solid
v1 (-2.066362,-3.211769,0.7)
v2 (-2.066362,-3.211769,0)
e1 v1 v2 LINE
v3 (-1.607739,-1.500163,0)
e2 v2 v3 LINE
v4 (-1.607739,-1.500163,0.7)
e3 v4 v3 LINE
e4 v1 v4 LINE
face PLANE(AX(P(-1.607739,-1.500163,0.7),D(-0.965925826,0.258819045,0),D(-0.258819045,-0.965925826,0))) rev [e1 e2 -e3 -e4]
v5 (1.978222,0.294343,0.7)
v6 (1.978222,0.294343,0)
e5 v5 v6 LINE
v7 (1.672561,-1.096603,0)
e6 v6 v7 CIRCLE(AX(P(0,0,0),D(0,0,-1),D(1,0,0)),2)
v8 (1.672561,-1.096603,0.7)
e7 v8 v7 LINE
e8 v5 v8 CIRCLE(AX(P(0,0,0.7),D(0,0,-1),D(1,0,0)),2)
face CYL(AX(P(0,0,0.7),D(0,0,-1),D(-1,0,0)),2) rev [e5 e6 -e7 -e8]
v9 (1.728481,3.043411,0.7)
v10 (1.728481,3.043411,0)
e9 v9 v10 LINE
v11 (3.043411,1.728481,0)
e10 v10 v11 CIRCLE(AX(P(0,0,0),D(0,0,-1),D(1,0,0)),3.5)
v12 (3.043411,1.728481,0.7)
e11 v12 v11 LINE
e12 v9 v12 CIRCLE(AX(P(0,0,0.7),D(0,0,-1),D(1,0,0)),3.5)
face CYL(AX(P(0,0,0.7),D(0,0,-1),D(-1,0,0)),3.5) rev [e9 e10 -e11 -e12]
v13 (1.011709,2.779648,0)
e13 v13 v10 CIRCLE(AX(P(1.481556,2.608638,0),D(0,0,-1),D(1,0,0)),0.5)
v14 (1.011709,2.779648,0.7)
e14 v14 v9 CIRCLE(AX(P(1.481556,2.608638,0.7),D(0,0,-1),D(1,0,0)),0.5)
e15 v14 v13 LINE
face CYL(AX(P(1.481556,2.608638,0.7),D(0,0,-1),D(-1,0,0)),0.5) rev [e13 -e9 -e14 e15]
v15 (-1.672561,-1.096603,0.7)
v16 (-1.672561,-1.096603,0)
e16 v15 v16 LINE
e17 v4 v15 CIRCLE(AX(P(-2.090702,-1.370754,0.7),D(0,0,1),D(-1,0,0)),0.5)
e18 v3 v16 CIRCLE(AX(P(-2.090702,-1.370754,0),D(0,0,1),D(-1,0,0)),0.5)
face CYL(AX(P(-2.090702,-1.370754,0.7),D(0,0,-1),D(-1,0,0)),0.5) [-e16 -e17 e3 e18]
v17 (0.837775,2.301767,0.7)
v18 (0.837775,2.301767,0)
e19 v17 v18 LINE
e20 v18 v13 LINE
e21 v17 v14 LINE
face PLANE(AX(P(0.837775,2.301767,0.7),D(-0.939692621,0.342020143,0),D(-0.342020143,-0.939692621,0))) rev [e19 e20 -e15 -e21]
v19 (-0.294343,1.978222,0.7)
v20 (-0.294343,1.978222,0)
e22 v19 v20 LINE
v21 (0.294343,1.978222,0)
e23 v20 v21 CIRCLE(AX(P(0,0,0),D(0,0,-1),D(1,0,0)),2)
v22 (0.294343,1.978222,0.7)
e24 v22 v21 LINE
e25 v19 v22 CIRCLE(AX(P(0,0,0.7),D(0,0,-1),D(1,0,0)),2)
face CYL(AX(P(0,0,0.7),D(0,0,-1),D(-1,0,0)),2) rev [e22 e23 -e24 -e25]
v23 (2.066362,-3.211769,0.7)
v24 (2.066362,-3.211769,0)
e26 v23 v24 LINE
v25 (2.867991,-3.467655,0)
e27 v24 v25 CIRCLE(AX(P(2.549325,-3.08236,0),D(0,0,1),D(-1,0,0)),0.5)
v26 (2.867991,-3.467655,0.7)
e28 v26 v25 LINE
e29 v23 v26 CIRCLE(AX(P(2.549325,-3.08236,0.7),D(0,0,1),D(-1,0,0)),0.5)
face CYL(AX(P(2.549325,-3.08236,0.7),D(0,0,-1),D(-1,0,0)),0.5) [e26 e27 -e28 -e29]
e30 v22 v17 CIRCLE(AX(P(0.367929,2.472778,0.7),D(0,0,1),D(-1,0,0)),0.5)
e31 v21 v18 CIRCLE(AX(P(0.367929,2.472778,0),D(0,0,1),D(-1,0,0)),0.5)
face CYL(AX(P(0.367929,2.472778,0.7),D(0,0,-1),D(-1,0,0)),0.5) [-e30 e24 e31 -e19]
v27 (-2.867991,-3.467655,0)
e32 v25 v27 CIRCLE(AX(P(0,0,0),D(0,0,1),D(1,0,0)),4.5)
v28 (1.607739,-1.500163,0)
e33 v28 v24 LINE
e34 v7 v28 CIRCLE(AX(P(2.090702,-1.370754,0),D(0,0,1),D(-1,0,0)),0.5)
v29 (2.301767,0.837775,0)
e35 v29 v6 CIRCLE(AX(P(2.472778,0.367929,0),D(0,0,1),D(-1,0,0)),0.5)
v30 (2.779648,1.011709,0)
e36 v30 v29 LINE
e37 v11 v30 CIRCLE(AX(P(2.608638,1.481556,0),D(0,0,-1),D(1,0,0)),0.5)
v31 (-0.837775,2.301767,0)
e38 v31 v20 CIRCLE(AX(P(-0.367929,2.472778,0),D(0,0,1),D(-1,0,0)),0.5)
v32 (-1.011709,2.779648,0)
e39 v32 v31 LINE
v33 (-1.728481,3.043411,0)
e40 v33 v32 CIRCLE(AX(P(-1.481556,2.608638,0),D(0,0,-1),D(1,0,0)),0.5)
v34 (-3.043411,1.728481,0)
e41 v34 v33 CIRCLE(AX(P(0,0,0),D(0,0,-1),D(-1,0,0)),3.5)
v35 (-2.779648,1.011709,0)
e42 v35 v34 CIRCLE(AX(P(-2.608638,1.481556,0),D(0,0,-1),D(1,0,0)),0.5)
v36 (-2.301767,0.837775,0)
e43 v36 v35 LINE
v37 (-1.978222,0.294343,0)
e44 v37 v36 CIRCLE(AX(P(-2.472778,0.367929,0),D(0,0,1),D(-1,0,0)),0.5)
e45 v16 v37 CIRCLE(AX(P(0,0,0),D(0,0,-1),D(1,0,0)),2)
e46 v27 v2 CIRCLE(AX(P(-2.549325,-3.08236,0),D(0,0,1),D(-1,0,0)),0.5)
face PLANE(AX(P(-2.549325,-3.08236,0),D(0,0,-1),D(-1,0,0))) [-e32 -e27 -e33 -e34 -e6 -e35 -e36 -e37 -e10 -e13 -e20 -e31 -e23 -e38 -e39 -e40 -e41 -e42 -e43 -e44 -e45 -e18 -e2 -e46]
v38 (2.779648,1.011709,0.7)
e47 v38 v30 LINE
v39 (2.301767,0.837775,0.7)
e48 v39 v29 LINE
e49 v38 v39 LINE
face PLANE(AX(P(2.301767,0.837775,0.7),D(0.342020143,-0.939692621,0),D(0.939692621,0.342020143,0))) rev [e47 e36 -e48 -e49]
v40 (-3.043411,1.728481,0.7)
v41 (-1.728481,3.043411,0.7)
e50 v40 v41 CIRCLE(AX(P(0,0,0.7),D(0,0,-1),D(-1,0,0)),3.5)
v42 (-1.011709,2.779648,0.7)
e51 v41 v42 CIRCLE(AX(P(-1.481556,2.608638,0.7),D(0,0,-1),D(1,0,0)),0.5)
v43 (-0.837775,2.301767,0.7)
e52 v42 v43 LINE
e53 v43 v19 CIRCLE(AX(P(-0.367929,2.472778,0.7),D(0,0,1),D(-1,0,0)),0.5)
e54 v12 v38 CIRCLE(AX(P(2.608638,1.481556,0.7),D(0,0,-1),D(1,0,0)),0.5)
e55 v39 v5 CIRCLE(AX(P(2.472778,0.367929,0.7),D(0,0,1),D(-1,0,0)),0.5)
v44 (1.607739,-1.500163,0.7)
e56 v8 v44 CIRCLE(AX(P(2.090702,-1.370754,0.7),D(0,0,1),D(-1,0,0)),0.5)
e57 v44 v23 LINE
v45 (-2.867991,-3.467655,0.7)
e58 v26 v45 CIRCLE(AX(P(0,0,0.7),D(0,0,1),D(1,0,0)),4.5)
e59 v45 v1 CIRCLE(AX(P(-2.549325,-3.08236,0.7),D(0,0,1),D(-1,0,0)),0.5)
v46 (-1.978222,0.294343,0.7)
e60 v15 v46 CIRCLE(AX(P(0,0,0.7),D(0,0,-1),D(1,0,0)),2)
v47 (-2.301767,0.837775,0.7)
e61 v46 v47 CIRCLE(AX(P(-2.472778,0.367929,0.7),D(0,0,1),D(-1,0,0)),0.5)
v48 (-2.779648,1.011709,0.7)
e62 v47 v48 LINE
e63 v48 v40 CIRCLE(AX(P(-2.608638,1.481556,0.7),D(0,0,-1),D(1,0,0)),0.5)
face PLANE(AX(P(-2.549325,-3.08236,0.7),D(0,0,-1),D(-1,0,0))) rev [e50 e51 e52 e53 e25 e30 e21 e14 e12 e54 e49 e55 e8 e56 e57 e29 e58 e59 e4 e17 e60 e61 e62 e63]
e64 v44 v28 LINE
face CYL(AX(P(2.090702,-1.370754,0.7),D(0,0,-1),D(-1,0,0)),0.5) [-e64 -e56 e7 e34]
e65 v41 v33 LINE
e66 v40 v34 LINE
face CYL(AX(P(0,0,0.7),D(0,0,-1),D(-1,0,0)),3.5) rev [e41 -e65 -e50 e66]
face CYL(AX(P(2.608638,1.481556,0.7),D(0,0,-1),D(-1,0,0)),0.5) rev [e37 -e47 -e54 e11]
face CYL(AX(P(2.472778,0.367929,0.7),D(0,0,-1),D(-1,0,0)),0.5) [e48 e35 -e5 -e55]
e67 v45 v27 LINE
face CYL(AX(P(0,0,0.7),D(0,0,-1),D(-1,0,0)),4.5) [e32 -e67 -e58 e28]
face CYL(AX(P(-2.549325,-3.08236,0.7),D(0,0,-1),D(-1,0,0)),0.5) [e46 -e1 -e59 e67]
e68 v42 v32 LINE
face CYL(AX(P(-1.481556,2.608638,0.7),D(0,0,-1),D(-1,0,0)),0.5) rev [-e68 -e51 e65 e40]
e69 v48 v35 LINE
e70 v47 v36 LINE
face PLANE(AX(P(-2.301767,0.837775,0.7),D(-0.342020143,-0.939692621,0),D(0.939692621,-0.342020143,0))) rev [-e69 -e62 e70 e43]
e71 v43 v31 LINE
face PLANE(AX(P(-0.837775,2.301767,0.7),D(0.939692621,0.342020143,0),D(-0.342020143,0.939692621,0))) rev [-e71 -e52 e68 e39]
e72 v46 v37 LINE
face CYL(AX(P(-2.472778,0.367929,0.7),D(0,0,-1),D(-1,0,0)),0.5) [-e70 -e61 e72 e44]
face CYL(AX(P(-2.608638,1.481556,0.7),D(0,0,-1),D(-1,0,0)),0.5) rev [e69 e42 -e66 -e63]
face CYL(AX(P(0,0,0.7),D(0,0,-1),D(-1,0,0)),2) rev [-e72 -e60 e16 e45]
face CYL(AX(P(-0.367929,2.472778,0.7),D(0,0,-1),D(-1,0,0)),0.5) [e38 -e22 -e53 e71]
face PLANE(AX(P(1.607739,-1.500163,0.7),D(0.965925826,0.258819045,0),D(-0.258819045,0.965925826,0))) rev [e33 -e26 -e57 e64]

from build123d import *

# Parameters (mm, degrees)
BASE_EXTRUSION_DEPTH = 0.7


with BuildPart() as part:
    # Esquisse1 → Base-Extrusion (new body)
    with BuildSketch(Plane.XY):
        with BuildLine():
            Line((-1.607738908, -1.500163291), (-2.066362316, -3.21176915))
            ThreePointArc((-2.066362316, -3.21176915), (-2.397280052, -3.558681225), (-2.867990883, -3.467654581))
            ThreePointArc((-2.867990883, -3.467654581), (0, 4.5), (2.867990883, -3.467654581))
            ThreePointArc((2.867990883, -3.467654581), (2.397280052, -3.558681225), (2.066362316, -3.21176915))
            Line((2.066362316, -3.21176915), (1.607738908, -1.500163291))
            ThreePointArc((1.607738908, -1.500163291), (1.597029862, -1.291456879), (1.672561457, -1.096603015))
            ThreePointArc((1.672561457, -1.096603015), (1.953391295, -0.429258021), (1.978222006, 0.294342818))
            ThreePointArc((1.978222006, 0.294342818), (2.043156778, 0.623713644), (2.301767436, 0.837774833))
            Line((2.301767436, 0.837774833), (2.779648258, 1.011709228))
            ThreePointArc((2.779648258, 1.011709228), (3.07787576, 1.308882148), (3.043411217, 1.728481461))
            ThreePointArc((3.043411217, 1.728481461), (2.474873734, 2.474873734), (1.728481461, 3.043411217))
            ThreePointArc((1.728481461, 3.043411217), (1.308882148, 3.07787576), (1.011709228, 2.779648258))
            Line((1.011709228, 2.779648258), (0.837774833, 2.301767436))
            ThreePointArc((0.837774833, 2.301767436), (0.623713644, 2.043156778), (0.294342818, 1.978222006))
            ThreePointArc((0.294342818, 1.978222006), (0, 2), (-0.294342818, 1.978222006))
            ThreePointArc((-0.294342818, 1.978222006), (-0.623713644, 2.043156778), (-0.837774833, 2.301767436))
            Line((-0.837774833, 2.301767436), (-1.011709228, 2.779648258))
            ThreePointArc((-1.011709228, 2.779648258), (-1.308882148, 3.07787576), (-1.728481461, 3.043411217))
            ThreePointArc((-1.728481461, 3.043411217), (-2.474873734, 2.474873734), (-3.043411217, 1.728481461))
            ThreePointArc((-3.043411217, 1.728481461), (-3.07787576, 1.308882148), (-2.779648258, 1.011709228))
            Line((-2.779648258, 1.011709228), (-2.301767436, 0.837774833))
            ThreePointArc((-2.301767436, 0.837774833), (-2.043156778, 0.623713644), (-1.978222006, 0.294342818))
            ThreePointArc((-1.978222006, 0.294342818), (-1.953391295, -0.429258021), (-1.672561457, -1.096603015))
            ThreePointArc((-1.672561457, -1.096603015), (-1.597029862, -1.291456879), (-1.607738908, -1.500163291))
        make_face()
    extrude(amount=BASE_EXTRUSION_DEPTH)


solid = part.part
